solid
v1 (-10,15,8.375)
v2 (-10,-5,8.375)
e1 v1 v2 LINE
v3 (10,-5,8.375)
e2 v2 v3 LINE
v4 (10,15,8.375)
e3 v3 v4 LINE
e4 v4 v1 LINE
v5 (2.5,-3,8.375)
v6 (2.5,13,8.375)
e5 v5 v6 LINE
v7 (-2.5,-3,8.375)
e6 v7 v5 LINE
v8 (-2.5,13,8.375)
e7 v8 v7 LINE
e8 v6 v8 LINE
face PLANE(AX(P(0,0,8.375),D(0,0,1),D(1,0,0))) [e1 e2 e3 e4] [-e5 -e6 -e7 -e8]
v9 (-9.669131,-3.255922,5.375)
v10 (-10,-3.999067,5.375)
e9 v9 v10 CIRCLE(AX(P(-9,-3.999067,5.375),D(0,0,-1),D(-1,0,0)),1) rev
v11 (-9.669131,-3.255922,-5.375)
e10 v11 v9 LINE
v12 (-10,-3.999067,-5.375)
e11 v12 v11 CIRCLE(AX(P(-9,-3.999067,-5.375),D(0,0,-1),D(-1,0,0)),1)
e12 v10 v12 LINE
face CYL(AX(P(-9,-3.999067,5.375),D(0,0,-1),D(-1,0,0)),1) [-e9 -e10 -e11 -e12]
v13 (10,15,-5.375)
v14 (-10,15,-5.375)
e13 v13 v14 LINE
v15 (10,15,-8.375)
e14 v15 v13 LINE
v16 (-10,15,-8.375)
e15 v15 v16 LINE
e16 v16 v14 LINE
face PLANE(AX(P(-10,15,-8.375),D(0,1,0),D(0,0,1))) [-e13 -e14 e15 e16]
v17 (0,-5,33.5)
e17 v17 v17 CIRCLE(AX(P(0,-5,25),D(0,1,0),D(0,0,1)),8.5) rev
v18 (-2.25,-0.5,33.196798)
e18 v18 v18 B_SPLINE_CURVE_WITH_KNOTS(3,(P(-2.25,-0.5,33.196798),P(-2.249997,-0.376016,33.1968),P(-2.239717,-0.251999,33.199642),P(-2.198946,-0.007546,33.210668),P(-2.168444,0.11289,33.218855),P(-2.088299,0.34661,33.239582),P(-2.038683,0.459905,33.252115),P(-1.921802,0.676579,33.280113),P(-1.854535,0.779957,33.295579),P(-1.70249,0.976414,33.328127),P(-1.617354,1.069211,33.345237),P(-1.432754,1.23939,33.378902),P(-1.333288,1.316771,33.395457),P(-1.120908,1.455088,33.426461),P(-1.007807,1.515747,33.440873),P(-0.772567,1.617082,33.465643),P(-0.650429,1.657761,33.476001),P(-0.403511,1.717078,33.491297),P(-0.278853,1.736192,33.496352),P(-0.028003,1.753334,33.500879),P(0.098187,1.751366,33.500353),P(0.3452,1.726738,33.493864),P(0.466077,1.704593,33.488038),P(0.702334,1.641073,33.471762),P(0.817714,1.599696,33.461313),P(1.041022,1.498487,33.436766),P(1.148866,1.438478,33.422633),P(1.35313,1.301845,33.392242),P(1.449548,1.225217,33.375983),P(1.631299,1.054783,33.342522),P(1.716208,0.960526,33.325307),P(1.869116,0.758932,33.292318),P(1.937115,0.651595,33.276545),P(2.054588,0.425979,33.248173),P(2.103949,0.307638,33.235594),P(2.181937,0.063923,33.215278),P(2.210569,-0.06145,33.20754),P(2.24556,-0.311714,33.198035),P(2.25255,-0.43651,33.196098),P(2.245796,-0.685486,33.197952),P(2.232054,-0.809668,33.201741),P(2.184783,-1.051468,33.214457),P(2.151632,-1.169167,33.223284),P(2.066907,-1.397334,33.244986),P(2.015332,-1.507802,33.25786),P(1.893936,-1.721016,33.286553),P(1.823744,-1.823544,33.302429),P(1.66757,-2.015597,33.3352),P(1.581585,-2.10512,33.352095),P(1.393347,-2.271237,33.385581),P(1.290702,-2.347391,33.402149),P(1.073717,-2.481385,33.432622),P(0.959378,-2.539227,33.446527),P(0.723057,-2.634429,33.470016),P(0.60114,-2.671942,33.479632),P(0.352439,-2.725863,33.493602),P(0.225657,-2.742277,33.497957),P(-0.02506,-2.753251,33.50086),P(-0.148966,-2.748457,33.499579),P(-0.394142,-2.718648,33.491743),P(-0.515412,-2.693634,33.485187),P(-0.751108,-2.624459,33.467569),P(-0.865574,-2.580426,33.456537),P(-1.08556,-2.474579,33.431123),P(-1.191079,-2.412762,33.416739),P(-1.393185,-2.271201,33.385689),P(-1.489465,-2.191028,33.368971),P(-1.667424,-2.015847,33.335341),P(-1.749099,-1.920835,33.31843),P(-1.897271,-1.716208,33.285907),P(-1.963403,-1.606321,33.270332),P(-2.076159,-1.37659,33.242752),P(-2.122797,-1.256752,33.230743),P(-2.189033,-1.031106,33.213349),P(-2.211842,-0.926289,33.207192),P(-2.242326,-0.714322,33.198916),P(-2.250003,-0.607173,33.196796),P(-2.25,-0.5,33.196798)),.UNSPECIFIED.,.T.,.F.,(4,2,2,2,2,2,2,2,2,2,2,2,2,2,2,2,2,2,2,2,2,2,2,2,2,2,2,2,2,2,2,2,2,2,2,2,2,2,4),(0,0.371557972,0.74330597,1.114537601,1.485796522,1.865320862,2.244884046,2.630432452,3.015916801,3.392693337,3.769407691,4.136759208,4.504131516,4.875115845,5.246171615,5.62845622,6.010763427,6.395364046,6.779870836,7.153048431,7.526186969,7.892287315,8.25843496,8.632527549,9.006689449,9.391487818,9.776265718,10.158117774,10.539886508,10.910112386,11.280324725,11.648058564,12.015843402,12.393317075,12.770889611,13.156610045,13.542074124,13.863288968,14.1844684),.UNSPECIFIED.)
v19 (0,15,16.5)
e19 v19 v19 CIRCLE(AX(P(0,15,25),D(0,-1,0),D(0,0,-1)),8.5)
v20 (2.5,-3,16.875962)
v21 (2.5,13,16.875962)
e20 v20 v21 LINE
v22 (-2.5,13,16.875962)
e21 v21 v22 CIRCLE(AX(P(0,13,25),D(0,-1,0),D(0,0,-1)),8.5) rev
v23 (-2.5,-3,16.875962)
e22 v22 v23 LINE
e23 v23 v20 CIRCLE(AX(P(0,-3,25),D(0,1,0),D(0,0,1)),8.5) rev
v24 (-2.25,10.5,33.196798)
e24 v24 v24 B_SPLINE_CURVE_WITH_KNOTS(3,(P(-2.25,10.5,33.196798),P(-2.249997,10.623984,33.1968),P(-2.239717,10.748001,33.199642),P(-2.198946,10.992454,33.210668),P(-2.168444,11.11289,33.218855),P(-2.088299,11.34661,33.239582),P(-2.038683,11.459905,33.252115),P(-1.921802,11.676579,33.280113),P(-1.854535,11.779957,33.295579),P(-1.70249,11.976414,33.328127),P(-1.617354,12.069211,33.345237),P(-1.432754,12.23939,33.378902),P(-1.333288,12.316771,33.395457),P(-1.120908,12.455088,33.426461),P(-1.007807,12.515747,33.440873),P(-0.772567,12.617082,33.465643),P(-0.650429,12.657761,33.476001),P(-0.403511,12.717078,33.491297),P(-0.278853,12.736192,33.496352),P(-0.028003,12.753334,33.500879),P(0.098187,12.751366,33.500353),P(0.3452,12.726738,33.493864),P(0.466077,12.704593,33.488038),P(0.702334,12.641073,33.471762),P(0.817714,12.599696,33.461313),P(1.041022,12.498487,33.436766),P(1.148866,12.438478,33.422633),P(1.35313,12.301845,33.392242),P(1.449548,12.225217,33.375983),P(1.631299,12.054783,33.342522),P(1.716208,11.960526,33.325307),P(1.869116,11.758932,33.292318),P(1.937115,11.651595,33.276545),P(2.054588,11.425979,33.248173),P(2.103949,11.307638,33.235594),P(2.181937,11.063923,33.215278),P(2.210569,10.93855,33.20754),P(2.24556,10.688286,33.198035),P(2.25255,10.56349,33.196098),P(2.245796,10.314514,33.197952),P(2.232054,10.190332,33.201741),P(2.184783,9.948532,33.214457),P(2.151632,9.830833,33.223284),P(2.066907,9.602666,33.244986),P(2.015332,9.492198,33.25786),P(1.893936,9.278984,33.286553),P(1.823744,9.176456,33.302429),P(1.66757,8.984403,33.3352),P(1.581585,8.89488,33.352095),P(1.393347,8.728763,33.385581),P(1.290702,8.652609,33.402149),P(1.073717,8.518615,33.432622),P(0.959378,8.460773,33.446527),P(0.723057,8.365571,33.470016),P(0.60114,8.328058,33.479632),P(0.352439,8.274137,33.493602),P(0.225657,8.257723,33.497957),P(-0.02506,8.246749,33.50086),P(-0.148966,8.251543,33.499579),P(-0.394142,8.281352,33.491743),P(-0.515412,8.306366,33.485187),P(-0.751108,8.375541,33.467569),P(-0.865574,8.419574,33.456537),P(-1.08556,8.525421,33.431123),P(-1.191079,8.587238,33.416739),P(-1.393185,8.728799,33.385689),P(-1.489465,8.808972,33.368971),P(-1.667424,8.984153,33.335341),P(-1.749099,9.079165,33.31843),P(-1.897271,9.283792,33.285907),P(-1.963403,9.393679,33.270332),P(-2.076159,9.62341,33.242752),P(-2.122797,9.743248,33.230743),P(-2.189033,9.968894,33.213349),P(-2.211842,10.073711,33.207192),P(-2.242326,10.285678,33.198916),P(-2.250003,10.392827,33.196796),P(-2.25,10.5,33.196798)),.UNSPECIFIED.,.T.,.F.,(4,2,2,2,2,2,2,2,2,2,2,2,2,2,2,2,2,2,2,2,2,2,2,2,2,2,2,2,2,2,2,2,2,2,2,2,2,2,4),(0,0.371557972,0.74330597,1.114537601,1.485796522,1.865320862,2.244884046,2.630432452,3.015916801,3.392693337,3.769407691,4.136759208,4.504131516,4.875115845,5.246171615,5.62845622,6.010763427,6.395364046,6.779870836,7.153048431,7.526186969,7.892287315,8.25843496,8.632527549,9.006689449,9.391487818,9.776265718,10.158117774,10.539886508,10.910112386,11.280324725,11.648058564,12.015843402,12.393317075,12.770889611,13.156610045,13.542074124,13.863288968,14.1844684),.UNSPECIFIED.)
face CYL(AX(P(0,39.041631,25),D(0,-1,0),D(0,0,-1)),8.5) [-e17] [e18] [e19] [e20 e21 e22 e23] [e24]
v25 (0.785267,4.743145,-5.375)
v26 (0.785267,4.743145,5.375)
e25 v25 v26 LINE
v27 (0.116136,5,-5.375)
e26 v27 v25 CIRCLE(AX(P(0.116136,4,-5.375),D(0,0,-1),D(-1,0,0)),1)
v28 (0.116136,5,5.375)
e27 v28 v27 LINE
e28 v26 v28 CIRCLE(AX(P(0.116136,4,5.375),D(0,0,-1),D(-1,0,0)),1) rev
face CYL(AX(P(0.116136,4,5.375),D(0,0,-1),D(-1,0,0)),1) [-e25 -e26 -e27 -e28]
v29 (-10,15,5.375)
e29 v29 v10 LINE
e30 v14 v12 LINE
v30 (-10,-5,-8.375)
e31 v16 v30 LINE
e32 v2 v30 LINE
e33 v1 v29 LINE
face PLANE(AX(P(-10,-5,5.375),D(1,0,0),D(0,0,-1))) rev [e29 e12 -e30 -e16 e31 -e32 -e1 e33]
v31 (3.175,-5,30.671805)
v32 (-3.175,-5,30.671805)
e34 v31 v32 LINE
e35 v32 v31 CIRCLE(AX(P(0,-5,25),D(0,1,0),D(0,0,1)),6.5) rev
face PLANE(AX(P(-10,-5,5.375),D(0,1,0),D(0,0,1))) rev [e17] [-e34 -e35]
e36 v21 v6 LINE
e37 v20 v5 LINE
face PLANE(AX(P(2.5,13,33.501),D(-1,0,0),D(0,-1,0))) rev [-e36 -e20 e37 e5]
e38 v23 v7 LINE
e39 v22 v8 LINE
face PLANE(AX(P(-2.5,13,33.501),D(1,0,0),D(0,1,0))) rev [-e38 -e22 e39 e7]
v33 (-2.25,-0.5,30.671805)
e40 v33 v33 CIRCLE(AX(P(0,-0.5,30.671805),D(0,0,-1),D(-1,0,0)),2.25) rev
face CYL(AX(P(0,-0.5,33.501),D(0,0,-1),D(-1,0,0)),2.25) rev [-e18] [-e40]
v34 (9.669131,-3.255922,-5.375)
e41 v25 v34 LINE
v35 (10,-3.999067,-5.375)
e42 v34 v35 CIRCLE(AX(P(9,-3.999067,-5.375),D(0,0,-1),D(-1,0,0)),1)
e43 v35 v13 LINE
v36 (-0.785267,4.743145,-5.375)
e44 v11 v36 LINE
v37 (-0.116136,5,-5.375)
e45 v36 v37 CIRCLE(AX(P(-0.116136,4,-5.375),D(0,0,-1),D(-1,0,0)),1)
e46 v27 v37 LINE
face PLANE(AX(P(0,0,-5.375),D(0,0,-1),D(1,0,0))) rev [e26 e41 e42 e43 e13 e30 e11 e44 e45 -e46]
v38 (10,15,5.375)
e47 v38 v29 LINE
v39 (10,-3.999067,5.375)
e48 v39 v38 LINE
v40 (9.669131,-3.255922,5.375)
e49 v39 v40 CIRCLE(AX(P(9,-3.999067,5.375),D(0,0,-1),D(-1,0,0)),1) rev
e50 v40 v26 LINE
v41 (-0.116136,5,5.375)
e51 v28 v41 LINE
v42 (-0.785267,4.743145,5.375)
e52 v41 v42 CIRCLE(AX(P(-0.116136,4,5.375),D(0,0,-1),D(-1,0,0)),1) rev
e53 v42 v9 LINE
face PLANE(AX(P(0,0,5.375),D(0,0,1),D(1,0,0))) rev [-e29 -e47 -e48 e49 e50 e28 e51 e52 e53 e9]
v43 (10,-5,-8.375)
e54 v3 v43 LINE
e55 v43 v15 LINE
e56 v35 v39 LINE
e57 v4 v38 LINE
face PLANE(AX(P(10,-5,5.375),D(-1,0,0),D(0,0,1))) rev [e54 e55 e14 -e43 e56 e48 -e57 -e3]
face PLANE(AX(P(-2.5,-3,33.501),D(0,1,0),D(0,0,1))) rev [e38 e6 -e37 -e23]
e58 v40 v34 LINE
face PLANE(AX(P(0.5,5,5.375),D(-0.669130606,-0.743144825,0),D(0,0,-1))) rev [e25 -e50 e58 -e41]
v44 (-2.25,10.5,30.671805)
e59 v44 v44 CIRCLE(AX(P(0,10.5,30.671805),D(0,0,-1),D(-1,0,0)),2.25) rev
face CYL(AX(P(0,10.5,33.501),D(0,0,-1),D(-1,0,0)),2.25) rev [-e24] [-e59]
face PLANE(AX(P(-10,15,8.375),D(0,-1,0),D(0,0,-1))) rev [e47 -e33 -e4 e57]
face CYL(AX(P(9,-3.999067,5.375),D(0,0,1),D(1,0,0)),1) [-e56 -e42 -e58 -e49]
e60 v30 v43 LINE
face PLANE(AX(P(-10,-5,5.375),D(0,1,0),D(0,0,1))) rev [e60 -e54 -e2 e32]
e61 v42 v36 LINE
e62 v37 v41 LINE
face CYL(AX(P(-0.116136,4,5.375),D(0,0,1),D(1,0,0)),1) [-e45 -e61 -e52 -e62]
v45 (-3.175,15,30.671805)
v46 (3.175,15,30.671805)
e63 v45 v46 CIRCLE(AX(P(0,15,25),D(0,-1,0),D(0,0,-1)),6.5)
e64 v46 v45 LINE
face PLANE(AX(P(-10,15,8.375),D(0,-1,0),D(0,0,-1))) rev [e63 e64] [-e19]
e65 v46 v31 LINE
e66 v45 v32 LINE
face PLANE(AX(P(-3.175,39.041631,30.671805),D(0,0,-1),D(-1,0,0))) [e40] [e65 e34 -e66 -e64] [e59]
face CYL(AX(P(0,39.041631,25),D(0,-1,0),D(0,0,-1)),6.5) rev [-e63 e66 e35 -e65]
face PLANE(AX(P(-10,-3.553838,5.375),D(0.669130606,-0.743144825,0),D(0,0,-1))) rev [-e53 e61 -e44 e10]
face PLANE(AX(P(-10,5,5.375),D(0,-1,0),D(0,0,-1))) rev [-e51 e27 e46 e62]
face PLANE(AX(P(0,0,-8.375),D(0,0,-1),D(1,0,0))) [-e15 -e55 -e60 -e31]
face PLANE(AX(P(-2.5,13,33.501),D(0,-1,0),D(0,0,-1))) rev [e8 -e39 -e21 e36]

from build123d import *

# Parameters (mm, degrees)
SKETCH2_W                       = 20
SKETCH2_H                       = 10
BOSS_EXTRUDE1_DEPTH             = 5.375
CHAMFER1_SIZE                   = 9.5
CHAMFER1_SIZE2                  = 8.553838421
FILLET3_R                       = 1
SKETCH3_W                       = 20
SKETCH3_H                       = 20
BOSS_EXTRUDE2_DEPTH             = 3
BOSS_EXTRUDE3_REACH             = 21.878
SKETCH6_R                       = 8.5
BOSS_EXTRUDE3_DIRECTION_2_REACH = 21.878
BOSS_EXTRUDE4_REACH             = 32.924
BOSS_EXTRUDE4_END_RADIUS        = 8.5
SKETCH5_W                       = 5
SKETCH5_H                       = 16
CUT_EXTRUDE1_REACH              = 35.618
CUT_EXTRUDE1_END_RADIUS         = 8.5
SKETCH7_R                       = 2.25


with BuildPart() as part:
    # Sketch2 → Boss-Extrude1 (new, symmetric)
    with BuildSketch(Plane.XY):
        Rectangle(SKETCH2_W, SKETCH2_H)
    extrude(amount=BOSS_EXTRUDE1_DEPTH, both=True)

    # Chamfer1
    chamfer1_edges = [part.edges().sort_by_distance(p)[0] for p in [
        (-10, 5, 0),
        (10, 5, 0),
    ]]
    chamfer1_side = [part.faces().sort_by_distance(p)[0] for p in [
        (0, 5, 0),
    ]]
    chamfer(chamfer1_edges, length=CHAMFER1_SIZE, length2=CHAMFER1_SIZE2, reference=chamfer1_side[0])

    # Fillet3
    fillet3_edges = [part.edges().sort_by_distance(p)[0] for p in [
        (-0.5, 5, 0),
        (0.5, 5, 0),
        (10, -3.553838421, 0),
        (-10, -3.553838421, 0),
    ]]
    fillet(fillet3_edges, radius=FILLET3_R)

    # Sketch3 → Boss-Extrude2 (add)
    with BuildSketch(Plane.XY.offset(5.375)):
        with Locations((0, 5)):
            Rectangle(SKETCH3_W, SKETCH3_H)
    boss_extrude2 = extrude(amount=BOSS_EXTRUDE2_DEPTH)

    # Mirror1: Boss-Extrude2 across plane
    add(boss_extrude2.mirror(Plane.XY))


with BuildPart() as body_2:

    # Boss-Extrude3: up to this face of the body (flat: up to its plane)
    boss_extrude3_end = Plane(part.part.faces().sort_by_distance((0, 15, 6.875))[0])
    # Sketch6 → Boss-Extrude3 (new, up to the picked face)
    with BuildSketch(Plane(origin=(0, 0, 0), x_dir=(1, 0, 0), z_dir=(0, 1, 0)), mode=Mode.PRIVATE) as boss_extrude3_sk1:
        with Locations(Location((0, -25, 0), (0, 0, 90))):
            Circle(SKETCH6_R)
        with BuildLine():
            Line((-3.175, -30.671805268), (3.175, -30.671805268))
            ThreePointArc((3.175, -30.671805268), (0, -18.5), (-3.175, -30.671805268))
        make_face(mode=Mode.SUBTRACT)
    boss_extrude3_tool1 = split(extrude(boss_extrude3_sk1.sketch, amount=BOSS_EXTRUDE3_REACH, mode=Mode.PRIVATE), bisect_by=boss_extrude3_end, keep=Keep.BOTH, mode=Mode.PRIVATE)
    add(boss_extrude3_tool1.solids().sort_by(Axis((0, 0, 33.259584), (0, 1, 0)))[0])


    # Boss-Extrude3 direction 2: up to this face of the body (flat: up to its plane)
    boss_extrude3_direction_2_end = Plane(part.part.faces().sort_by_distance((0, -5, 0))[0])
    # Sketch6 → Boss-Extrude3 direction 2 (add, up to the picked face)
    with BuildSketch(Plane(origin=(0, 0, 0), x_dir=(1, 0, 0), z_dir=(0, 1, 0)), mode=Mode.PRIVATE) as boss_extrude3_direction_2_sk1:
        with Locations(Location((0, -25, 0), (0, 0, 90))):
            Circle(SKETCH6_R)
        with BuildLine():
            Line((-3.175, -30.671805268), (3.175, -30.671805268))
            ThreePointArc((3.175, -30.671805268), (0, -18.5), (-3.175, -30.671805268))
        make_face(mode=Mode.SUBTRACT)
    boss_extrude3_direction_2_tool1 = split(extrude(boss_extrude3_direction_2_sk1.sketch, amount=-BOSS_EXTRUDE3_DIRECTION_2_REACH, mode=Mode.PRIVATE), bisect_by=boss_extrude3_direction_2_end, keep=Keep.BOTH, mode=Mode.PRIVATE)
    add(boss_extrude3_direction_2_tool1.solids().sort_by(Axis((0, 0, 33.259584), (0, -1, 0)))[0])


with BuildPart() as part_1:
    add(part.part)

    add(body_2.part)  # Boss-Extrude4 merges body 2
    # Boss-Extrude4: up to this cylinder (the profile starts outside it)
    boss_extrude4_end = Plane(origin=(0, 5, 25), z_dir=(0, -1, 0)) * Cylinder(BOSS_EXTRUDE4_END_RADIUS, 83.848, mode=Mode.PRIVATE)
    # Sketch5 → Boss-Extrude4 (add, up to the surface)
    with BuildSketch(Plane.XY.offset(8.375), mode=Mode.PRIVATE) as boss_extrude4_sk1:
        with Locations((0, 5)):
            Rectangle(SKETCH5_W, SKETCH5_H)
    boss_extrude4_tool1 = extrude(boss_extrude4_sk1.sketch, amount=BOSS_EXTRUDE4_REACH, mode=Mode.PRIVATE) - boss_extrude4_end
    add(boss_extrude4_tool1.solids().sort_by_distance((0, 5, 8.375))[0])

    # Cut-Extrude1: up to this cylinder (the profile starts inside it)
    cut_extrude1_end = Plane(origin=(0, 5, 25), z_dir=(0, -1, 0)) * Cylinder(CUT_EXTRUDE1_END_RADIUS, 100.236, mode=Mode.PRIVATE)
    # Sketch7 → Cut-Extrude1 (cut, up to the surface)
    with BuildSketch(Plane.XY.offset(20), mode=Mode.PRIVATE) as cut_extrude1_sk1:
        with Locations(Location((0, 10.5, 0), (0, 0, 180))):
            Circle(SKETCH7_R)
    cut_extrude1_tool1 = extrude(cut_extrude1_sk1.sketch, amount=CUT_EXTRUDE1_REACH, mode=Mode.PRIVATE) & cut_extrude1_end
    add(cut_extrude1_tool1.solids().sort_by_distance((0, 10.5, 20))[0], mode=Mode.SUBTRACT)
    # Sketch7 → Cut-Extrude1 (cut, up to the surface)
    with BuildSketch(Plane.XY.offset(20), mode=Mode.PRIVATE) as cut_extrude1_sk2:
        with Locations(Location((0, -0.5, 0), (0, 0, 180))):
            Circle(SKETCH7_R)
    cut_extrude1_tool2 = extrude(cut_extrude1_sk2.sketch, amount=CUT_EXTRUDE1_REACH, mode=Mode.PRIVATE) & cut_extrude1_end
    add(cut_extrude1_tool2.solids().sort_by_distance((0, -0.5, 20))[0], mode=Mode.SUBTRACT)


solid = part_1.part
